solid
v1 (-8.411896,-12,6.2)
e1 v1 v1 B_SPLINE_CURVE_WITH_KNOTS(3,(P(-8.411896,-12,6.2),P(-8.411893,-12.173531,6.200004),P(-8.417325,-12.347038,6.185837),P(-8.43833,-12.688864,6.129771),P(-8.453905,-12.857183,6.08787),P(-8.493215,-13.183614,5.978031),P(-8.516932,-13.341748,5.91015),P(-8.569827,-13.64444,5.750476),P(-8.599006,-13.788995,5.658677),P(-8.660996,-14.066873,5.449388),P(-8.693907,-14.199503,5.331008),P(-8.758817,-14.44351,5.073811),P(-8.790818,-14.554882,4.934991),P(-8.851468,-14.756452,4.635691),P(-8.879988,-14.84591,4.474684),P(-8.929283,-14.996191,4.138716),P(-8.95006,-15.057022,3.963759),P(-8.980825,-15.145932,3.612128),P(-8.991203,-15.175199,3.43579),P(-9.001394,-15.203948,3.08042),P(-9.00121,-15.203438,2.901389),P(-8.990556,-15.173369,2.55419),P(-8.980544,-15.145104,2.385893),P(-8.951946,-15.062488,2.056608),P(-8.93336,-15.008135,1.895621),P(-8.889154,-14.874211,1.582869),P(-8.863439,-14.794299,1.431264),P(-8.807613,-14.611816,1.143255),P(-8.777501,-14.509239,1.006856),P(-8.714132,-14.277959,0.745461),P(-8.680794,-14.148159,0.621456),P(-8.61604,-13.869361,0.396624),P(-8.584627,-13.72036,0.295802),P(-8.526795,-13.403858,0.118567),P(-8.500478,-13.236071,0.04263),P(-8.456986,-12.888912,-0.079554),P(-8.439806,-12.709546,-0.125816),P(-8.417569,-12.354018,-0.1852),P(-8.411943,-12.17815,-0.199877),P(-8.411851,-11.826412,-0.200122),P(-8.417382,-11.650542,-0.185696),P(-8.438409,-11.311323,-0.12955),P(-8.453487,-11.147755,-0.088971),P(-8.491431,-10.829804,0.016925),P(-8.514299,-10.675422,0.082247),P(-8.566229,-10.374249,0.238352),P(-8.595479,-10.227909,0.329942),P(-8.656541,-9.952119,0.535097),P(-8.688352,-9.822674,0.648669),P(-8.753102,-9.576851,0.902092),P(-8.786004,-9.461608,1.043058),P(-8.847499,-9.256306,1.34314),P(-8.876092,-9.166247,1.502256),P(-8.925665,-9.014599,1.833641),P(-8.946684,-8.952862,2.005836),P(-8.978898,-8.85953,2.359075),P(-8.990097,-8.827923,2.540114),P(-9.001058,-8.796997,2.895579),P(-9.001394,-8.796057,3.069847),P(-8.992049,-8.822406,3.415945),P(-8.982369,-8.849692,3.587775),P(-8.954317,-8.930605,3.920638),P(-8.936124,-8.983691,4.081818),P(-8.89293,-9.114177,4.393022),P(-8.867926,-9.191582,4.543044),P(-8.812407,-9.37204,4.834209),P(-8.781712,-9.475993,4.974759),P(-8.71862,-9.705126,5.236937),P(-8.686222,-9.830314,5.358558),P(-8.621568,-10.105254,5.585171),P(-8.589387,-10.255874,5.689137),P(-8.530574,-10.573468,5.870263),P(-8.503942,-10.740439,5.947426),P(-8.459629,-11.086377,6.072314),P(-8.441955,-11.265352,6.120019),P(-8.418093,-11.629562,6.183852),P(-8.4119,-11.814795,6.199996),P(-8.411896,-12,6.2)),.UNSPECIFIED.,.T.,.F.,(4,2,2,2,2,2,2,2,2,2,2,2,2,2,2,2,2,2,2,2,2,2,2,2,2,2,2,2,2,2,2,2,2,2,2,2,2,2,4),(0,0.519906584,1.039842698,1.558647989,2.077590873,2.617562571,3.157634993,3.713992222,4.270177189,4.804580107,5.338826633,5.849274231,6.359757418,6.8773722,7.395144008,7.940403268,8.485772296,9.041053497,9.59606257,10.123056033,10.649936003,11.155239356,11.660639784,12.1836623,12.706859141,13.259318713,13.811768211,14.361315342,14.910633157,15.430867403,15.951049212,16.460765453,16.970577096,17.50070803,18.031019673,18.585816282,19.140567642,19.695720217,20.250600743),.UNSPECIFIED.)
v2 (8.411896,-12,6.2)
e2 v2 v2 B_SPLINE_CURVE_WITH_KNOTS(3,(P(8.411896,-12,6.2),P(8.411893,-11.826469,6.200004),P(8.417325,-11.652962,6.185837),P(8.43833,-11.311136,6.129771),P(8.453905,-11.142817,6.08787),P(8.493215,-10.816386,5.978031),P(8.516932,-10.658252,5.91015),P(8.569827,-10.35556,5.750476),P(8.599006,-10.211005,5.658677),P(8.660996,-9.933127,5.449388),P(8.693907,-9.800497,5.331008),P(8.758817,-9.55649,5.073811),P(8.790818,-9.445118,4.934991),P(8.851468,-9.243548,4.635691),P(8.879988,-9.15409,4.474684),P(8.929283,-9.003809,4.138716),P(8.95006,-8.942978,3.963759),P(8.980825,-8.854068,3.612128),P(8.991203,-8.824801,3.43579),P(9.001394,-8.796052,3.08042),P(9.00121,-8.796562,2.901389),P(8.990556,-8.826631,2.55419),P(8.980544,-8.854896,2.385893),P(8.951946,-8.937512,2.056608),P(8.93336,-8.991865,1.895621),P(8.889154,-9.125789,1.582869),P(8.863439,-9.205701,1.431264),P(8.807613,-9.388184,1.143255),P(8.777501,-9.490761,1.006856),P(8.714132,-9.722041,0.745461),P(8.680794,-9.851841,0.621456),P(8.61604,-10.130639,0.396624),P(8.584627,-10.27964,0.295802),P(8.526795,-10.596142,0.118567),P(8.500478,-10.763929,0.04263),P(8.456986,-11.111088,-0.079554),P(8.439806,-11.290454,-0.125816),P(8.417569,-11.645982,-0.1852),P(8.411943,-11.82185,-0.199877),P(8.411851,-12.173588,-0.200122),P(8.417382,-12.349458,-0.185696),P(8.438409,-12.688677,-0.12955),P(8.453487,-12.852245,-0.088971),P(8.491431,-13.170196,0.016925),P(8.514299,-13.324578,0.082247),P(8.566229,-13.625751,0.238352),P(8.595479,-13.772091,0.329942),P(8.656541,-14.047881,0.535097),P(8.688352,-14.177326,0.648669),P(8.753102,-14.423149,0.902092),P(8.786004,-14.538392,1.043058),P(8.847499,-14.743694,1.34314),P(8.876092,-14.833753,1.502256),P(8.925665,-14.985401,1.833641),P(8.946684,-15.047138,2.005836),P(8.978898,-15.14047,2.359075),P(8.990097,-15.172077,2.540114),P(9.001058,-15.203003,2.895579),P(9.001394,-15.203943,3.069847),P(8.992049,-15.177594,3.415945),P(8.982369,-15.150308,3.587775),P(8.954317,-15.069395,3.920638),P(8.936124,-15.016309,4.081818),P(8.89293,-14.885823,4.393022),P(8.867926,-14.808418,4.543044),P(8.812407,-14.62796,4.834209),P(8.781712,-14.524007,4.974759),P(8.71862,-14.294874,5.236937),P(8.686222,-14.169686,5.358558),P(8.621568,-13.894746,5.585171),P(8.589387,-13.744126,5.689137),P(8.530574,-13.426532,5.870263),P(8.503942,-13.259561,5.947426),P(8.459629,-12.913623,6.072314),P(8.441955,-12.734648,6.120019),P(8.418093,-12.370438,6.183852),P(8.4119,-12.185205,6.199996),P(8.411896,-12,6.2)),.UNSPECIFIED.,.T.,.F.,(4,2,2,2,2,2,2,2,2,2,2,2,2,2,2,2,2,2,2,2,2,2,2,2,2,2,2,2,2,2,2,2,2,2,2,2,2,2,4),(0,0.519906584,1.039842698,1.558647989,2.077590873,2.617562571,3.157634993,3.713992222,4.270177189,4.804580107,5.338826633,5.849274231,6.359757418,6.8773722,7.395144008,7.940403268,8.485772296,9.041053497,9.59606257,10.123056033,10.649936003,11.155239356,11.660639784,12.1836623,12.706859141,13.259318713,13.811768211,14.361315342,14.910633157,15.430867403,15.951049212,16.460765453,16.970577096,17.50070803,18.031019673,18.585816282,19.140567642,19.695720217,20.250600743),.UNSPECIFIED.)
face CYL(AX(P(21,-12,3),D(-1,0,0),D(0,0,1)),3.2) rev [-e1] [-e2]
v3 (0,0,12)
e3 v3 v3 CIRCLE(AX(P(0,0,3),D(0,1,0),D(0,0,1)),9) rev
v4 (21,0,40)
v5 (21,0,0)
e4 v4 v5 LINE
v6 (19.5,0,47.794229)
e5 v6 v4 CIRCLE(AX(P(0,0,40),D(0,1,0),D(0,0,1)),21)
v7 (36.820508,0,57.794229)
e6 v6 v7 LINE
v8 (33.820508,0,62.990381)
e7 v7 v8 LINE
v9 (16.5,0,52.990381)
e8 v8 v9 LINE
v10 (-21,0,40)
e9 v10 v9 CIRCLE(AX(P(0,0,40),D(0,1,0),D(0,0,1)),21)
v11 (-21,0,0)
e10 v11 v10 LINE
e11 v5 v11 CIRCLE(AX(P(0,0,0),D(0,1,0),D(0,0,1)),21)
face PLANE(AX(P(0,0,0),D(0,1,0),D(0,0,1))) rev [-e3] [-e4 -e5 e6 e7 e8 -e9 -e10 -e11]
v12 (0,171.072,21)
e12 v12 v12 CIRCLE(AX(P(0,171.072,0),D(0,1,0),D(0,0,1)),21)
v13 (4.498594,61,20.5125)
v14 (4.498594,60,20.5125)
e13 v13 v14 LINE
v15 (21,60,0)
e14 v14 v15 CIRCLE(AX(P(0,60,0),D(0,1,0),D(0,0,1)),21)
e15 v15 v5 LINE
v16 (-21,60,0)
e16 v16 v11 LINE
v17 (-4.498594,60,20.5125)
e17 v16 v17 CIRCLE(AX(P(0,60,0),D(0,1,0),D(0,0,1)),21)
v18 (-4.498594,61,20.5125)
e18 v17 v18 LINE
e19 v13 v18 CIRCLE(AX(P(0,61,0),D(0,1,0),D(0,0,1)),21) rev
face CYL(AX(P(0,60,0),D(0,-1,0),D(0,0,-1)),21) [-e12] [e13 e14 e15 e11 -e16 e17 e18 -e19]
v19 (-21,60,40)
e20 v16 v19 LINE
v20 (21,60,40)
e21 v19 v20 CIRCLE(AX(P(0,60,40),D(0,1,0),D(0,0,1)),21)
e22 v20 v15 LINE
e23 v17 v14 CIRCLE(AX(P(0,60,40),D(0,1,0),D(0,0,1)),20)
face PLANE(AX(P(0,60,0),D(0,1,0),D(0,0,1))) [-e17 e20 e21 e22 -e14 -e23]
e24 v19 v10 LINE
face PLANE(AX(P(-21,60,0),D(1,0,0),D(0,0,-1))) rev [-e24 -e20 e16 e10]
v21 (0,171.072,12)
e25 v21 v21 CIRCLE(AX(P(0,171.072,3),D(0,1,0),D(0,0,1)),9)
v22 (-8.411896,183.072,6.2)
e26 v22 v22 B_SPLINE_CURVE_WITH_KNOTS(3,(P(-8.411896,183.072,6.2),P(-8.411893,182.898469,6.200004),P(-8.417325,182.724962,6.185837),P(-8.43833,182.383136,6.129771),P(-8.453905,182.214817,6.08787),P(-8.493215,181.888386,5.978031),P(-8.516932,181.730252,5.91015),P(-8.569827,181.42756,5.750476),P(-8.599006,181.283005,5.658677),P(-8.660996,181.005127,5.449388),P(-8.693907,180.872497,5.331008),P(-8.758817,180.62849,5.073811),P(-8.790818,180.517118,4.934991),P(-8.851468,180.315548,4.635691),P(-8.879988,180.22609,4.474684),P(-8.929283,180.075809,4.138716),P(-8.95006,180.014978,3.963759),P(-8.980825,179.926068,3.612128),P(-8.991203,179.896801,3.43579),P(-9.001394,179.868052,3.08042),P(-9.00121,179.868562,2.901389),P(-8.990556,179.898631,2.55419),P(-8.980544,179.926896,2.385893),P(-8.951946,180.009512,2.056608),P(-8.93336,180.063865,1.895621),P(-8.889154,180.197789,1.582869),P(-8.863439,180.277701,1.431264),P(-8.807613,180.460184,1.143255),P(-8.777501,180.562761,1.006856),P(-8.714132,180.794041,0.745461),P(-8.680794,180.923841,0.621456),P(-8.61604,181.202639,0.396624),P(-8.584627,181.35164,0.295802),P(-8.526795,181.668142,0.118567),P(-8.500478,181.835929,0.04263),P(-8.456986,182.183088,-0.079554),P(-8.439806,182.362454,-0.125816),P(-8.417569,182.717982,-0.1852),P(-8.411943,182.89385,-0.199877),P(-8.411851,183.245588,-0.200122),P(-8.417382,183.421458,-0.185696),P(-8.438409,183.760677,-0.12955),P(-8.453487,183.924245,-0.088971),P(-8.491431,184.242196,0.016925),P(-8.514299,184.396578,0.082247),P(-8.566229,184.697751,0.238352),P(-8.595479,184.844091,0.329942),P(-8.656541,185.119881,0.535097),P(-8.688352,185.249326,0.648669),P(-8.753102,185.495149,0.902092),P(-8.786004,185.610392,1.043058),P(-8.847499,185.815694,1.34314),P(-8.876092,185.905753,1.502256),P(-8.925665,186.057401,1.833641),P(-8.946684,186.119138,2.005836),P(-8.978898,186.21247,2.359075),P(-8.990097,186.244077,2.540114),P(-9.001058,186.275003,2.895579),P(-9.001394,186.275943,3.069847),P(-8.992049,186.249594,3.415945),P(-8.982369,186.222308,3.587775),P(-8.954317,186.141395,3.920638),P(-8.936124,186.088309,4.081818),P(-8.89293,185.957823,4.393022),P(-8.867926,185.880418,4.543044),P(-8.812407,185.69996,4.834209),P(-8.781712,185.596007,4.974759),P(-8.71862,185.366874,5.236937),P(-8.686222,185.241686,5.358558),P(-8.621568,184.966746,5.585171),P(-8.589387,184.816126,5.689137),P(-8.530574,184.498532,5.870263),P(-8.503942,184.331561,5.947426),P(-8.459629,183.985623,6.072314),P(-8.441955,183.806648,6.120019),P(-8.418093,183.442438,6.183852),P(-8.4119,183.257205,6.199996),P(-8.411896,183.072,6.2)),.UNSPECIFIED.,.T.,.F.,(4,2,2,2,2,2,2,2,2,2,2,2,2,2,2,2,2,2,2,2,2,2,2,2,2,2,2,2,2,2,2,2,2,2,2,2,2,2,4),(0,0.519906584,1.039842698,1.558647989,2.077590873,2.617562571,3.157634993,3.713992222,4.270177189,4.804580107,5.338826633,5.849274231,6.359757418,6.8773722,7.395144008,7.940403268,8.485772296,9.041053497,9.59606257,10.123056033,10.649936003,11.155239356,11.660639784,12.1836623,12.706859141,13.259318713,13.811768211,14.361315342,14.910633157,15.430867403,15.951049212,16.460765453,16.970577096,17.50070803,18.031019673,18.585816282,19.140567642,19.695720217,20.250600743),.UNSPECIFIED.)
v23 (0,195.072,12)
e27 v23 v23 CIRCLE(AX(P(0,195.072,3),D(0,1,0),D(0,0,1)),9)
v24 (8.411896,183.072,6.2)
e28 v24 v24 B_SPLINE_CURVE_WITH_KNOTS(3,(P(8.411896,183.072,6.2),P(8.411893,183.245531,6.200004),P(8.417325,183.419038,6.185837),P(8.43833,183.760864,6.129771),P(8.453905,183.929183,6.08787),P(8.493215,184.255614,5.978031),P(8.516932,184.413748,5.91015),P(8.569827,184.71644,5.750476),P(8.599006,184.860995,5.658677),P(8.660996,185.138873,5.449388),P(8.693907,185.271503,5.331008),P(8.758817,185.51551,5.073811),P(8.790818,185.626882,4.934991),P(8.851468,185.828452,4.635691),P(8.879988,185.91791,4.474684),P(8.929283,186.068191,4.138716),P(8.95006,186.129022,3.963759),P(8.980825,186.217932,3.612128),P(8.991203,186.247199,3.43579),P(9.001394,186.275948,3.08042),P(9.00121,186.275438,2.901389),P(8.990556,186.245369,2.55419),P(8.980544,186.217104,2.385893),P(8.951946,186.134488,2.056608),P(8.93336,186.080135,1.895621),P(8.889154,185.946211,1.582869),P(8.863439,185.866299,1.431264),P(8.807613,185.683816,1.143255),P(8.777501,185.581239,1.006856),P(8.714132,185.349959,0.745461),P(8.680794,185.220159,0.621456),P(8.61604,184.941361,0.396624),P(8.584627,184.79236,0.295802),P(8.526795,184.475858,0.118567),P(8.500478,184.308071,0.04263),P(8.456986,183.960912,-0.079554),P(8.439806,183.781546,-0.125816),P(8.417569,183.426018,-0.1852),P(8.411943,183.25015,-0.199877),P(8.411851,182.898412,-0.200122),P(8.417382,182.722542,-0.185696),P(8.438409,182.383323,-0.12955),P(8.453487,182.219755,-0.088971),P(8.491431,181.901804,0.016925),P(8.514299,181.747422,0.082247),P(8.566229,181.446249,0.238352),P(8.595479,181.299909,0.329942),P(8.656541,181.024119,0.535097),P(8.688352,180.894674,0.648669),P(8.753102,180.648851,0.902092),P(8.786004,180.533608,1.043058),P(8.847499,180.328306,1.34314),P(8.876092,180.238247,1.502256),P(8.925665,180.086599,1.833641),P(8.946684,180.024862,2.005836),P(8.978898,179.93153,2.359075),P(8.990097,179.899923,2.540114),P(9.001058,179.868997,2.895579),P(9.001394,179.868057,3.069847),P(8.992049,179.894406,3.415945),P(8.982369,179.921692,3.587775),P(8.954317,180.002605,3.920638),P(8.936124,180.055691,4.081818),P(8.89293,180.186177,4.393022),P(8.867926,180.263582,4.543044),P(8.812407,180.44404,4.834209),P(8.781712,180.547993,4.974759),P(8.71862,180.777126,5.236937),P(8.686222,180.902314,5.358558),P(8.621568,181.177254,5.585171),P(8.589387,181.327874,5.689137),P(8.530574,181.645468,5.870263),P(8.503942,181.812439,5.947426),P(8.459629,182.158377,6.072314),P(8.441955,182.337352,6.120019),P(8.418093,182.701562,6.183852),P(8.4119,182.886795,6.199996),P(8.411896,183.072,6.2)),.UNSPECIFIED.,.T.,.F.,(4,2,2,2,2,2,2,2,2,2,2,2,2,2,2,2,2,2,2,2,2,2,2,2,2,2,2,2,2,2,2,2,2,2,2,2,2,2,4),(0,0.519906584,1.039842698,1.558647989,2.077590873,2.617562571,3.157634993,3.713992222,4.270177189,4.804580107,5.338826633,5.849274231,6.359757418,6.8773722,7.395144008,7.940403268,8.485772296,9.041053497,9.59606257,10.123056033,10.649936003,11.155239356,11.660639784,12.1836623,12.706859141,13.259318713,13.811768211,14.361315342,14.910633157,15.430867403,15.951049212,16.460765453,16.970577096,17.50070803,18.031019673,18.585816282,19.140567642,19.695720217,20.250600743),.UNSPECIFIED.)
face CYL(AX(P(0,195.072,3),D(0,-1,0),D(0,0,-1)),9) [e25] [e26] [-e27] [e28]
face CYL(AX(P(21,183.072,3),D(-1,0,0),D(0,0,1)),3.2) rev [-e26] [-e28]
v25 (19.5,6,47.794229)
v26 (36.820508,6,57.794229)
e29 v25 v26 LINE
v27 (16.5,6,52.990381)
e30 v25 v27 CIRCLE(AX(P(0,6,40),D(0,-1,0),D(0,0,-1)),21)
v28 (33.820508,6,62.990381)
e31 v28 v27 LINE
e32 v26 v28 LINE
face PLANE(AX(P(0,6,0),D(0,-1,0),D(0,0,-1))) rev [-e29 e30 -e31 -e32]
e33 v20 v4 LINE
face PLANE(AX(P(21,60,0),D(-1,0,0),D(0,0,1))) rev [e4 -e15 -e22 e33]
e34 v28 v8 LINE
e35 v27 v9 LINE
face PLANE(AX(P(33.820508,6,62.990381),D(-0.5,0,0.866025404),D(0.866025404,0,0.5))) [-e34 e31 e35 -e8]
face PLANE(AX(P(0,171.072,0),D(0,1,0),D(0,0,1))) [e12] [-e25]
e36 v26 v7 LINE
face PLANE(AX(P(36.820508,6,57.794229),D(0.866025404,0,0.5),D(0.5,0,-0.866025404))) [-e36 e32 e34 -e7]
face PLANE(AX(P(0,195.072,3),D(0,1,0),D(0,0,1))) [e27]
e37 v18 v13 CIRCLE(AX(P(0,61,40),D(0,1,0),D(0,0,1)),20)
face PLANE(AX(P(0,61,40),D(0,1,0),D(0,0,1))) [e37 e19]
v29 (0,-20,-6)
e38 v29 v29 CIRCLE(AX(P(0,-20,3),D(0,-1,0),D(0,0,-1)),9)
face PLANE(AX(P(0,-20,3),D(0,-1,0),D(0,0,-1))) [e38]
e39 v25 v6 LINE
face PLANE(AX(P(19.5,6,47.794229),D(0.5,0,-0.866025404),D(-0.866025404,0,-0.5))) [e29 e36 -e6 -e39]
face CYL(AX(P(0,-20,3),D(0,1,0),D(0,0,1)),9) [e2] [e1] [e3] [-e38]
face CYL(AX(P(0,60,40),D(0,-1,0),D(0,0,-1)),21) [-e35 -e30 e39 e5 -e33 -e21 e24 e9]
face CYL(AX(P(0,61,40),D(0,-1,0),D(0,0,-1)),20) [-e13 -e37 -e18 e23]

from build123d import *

# Parameters (mm, degrees)
BOSS_EXTRUDE1_DEPTH     = 60
SKETCH2_R               = 20
BOSS_EXTRUDE2_DEPTH     = 1
SKETCH3_R               = 21
BOSS_EXTRUDE3_DEPTH     = 111.072
SKETCH4_R               = 9
BOSS_EXTRUDE4_DEPTH     = 20
CUT_EXTRUDE1_DEPTH      = 187.415206418
CUT_EXTRUDE1_DEPTH_BACK = 187.415206418
SKETCH5_R               = 3.2
BOSS_EXTRUDE5_START     = 24
SKETCH6_R               = 9
BOSS_EXTRUDE5_DEPTH     = 24
CUT_EXTRUDE2_DEPTH      = 209.657818411
CUT_EXTRUDE2_DEPTH_BACK = 209.657818411
SKETCH7_R               = 3.2
BOSS_EXTRUDE6_DEPTH     = 6


with BuildPart() as part:
    # Sketch1 → Boss-Extrude1 (new body)
    with BuildSketch(Plane(origin=(0, 0, 0), x_dir=(1, 0, 0), z_dir=(0, 1, 0))):
        with BuildLine():
            Line((21, 0), (21, -40))
            ThreePointArc((21, -40), (0, -61), (-21, -40))
            Line((-21, -40), (-21, 0))
            ThreePointArc((-21, 0), (0, 21), (21, 0))
        make_face()
    extrude(amount=BOSS_EXTRUDE1_DEPTH)

    # Sketch2 → Boss-Extrude2 (add)
    with BuildSketch(Plane(origin=(0, 60, 0), x_dir=(1, 0, 0), z_dir=(0, 1, 0))):
        with Locations(Location((0, -40, 0), (0, 0, 270))):
            Circle(SKETCH2_R)
    extrude(amount=BOSS_EXTRUDE2_DEPTH)

    # Sketch3 → Boss-Extrude3 (add)
    with BuildSketch(Plane(origin=(0, 60, 0), x_dir=(1, 0, 0), z_dir=(0, 1, 0))):
        with Locations(Location((0, 0, 0), (0, 0, 180))):
            Circle(SKETCH3_R)
    extrude(amount=BOSS_EXTRUDE3_DEPTH)

    # Sketch4 → Boss-Extrude4 (add)
    with BuildSketch(Plane.XZ):
        with Locations(Location((0, 3, 0), (0, 0, 90))):
            Circle(SKETCH4_R)
    extrude(amount=BOSS_EXTRUDE4_DEPTH)

    # Sketch5 → Cut-Extrude1 (cut, two sides: drawn at the far end of the back side and taken through both)
    with BuildSketch(Plane.ZY.offset(21).offset(-CUT_EXTRUDE1_DEPTH_BACK)):
        with Locations((3, -12)):
            Circle(SKETCH5_R)
    extrude(amount=CUT_EXTRUDE1_DEPTH + CUT_EXTRUDE1_DEPTH_BACK, mode=Mode.SUBTRACT)

    # Sketch6 → Boss-Extrude5 (add)
    with BuildSketch(Plane(origin=(0, 171.072, 0), x_dir=(1, 0, 0), z_dir=(0, 1, 0)).offset(BOSS_EXTRUDE5_START)):
        with Locations(Location((0, -3, 0), (0, 0, 270))):
            Circle(SKETCH6_R)
    extrude(amount=-BOSS_EXTRUDE5_DEPTH)

    # Sketch7 → Cut-Extrude2 (cut, two sides: drawn at the far end of the back side and taken through both)
    with BuildSketch(Plane.ZY.offset(21).offset(-CUT_EXTRUDE2_DEPTH_BACK)):
        with Locations((3, 183.072)):
            Circle(SKETCH7_R)
    extrude(amount=CUT_EXTRUDE2_DEPTH + CUT_EXTRUDE2_DEPTH_BACK, mode=Mode.SUBTRACT)

    # Sketch8 → Boss-Extrude6 (add)
    with BuildSketch(Plane.XZ):
        Polygon((19.5, 47.794228634), (36.820508076, 57.794228634), (33.820508076, 62.990381057), (16.5, 52.990381057), align=None)
    extrude(amount=-BOSS_EXTRUDE6_DEPTH)


solid = part.part
